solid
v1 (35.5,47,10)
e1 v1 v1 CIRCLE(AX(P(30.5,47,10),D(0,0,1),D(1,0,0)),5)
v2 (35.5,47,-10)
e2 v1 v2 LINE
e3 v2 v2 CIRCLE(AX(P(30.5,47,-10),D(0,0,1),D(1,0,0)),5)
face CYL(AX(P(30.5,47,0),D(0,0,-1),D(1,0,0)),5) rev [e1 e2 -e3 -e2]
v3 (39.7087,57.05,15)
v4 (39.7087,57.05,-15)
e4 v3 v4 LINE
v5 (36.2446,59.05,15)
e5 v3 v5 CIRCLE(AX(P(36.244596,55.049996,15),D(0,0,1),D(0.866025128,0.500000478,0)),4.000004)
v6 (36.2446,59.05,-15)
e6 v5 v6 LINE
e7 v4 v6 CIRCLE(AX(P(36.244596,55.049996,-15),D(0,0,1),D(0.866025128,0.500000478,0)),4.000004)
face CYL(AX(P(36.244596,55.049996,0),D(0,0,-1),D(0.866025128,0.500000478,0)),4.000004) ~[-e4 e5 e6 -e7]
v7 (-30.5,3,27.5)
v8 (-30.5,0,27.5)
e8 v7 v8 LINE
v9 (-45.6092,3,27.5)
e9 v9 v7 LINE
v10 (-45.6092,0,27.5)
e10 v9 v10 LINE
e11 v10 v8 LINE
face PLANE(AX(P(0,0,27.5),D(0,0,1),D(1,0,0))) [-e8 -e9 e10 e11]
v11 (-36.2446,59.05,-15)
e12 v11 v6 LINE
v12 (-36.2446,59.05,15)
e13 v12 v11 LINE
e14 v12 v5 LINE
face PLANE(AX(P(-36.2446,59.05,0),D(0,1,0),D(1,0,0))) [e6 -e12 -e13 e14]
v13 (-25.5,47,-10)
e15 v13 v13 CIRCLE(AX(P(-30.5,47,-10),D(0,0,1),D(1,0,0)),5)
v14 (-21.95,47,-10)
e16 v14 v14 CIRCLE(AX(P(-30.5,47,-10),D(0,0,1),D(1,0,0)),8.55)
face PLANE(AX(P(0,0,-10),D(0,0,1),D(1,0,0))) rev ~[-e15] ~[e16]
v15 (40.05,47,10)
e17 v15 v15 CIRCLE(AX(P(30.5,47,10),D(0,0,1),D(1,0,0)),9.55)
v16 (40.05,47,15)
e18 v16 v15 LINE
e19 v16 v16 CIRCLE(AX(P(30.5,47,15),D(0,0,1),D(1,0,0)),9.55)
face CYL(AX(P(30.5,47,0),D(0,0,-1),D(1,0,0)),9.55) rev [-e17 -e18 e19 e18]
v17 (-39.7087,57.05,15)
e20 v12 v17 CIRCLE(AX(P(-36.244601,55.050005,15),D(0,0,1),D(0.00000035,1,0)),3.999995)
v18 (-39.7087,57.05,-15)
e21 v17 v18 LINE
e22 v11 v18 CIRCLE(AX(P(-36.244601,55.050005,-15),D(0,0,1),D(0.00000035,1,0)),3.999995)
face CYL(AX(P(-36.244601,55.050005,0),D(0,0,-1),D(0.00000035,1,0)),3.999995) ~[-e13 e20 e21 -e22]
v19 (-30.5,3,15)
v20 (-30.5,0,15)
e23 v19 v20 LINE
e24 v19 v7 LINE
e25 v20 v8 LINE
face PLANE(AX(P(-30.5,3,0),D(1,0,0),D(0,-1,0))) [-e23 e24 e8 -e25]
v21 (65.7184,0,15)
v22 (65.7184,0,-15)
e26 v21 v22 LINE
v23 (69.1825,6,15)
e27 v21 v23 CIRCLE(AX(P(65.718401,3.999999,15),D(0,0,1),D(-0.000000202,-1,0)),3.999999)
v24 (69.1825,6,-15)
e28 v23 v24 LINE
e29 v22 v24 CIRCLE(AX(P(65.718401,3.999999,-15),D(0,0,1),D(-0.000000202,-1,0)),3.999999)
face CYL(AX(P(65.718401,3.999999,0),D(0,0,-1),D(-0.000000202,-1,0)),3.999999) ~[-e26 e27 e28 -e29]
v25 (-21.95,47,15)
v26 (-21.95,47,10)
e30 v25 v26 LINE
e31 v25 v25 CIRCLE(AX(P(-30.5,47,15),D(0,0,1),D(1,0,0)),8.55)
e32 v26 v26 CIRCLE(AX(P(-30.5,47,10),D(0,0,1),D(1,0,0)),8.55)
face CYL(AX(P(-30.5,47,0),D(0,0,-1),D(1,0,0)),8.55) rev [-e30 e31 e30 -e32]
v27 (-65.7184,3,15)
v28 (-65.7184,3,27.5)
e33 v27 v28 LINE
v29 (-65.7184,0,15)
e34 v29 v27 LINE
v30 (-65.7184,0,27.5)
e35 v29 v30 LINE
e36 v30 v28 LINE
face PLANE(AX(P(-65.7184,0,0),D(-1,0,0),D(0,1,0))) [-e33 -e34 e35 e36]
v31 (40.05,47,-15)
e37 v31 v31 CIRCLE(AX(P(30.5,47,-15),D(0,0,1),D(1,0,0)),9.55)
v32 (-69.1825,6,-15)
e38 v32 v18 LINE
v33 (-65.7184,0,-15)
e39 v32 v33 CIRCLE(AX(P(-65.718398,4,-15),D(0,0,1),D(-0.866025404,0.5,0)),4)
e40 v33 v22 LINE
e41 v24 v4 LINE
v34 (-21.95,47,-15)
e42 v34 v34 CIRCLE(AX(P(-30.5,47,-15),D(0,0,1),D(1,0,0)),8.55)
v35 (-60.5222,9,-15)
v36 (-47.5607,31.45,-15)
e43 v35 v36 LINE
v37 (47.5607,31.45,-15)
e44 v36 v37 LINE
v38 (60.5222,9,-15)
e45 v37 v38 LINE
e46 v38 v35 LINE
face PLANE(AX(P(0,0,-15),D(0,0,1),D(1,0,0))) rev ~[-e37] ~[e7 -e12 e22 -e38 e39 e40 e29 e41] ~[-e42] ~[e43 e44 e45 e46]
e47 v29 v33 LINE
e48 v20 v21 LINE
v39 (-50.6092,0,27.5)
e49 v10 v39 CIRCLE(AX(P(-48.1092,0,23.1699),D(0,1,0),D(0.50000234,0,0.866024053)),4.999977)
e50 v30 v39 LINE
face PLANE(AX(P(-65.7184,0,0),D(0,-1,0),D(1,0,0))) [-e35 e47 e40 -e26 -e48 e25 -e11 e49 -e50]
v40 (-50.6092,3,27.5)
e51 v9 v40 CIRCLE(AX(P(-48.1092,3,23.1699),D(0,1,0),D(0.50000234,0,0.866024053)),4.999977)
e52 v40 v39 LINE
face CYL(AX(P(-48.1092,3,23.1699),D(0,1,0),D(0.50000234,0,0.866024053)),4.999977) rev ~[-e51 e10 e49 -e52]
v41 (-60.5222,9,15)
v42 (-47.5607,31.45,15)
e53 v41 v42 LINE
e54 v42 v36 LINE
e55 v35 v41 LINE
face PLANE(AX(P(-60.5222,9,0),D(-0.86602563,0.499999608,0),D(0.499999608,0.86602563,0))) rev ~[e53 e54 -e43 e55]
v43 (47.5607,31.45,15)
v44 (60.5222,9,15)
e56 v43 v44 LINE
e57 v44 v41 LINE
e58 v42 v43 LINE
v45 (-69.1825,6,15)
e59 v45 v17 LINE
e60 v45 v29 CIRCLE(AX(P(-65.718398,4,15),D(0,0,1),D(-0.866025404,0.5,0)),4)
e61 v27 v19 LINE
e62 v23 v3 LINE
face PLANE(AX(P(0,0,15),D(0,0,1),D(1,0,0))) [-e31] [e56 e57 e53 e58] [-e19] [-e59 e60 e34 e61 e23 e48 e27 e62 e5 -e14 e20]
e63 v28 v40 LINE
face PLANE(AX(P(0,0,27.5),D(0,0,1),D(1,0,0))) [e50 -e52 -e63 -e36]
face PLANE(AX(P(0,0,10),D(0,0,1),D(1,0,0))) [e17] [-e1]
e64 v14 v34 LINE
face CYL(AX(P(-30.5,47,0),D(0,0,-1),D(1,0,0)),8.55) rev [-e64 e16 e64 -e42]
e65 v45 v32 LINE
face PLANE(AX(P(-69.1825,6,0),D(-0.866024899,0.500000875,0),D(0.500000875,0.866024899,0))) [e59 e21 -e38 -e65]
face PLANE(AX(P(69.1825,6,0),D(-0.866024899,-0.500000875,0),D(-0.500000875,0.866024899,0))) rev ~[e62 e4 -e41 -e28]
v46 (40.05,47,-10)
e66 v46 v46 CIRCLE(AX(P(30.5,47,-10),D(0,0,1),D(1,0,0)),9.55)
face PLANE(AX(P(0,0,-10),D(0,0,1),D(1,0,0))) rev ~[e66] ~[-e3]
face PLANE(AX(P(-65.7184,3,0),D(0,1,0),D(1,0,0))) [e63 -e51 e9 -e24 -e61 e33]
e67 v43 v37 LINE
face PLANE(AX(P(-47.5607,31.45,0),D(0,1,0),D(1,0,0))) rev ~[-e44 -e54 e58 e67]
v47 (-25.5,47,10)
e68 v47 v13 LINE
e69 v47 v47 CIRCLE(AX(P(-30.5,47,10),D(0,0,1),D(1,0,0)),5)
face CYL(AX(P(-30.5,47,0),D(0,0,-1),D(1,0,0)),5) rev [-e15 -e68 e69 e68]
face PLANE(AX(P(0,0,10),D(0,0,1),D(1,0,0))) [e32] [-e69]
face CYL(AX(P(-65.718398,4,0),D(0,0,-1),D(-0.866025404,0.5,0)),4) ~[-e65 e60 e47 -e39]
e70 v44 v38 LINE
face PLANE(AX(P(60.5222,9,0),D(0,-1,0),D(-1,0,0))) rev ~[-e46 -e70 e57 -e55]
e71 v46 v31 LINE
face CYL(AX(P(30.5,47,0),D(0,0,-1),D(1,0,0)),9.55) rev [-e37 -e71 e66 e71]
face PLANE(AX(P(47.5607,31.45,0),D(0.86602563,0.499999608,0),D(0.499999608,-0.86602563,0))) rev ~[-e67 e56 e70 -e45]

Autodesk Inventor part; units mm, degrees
ref_plane "YZ Plane" through (0, 0, 0) normal (1, 0, 0) x (0, 1, 0)
ref_plane "XZ Plane" through (0, 0, 0) normal (0, 1, 0) x (-1, 0, 0)
ref_plane "XY Plane" through (0, 0, 0) normal (0, 0, 1) x (1, 0, 0)
sketch "Sketch1" plane through (0, 0, 0) normal (0, 0, 1) x (1, 0, 0)
  line L0 (-65.7184, 0) -> (65.7184, 0)
  line L1 (-36.2446, 59.05) -> (36.2446, 59.05)
  circle A0 centre (-30.5, 47) radius 8.55
  line L2 (0, 59.05) -> (0, 0) construction
  circle A1 centre (-30.5, 47) radius 5
  circle A2 centre (30.5, 47) radius 5
  arc A3 (-69.1825, 6) -> (-65.7184, 0) centre (-65.7184, 4) ccw
  arc A4 (-36.2446, 59.05) -> (-39.7087, 57.05) centre (-36.2446, 55.05) ccw
  line L3 (-69.1825, 6) -> (-39.7087, 57.05)
  arc A5 (65.7184, 0) -> (69.1825, 6) centre (65.7184, 4) ccw
  arc A6 (39.7087, 57.05) -> (36.2446, 59.05) centre (36.2446, 55.05) ccw
  line L4 (69.1825, 6) -> (39.7087, 57.05)
  line L5 (-65.7184, 3) -> (-30.5, 3)
  line L6 (-30.5, 3) -> (-30.5, 0)
  line L7 (-30.5, 0) -> (-65.7184, 0)
  line L8 (-65.7184, 0) -> (-65.7184, 3)
  line L9 (-30.5, 38.45) -> (0, 38.45) construction
  line L10 (-30.5, 3) -> (0, 3) construction
  line L11 (0, 38.45) -> (0, 3) construction
  line L12 (-60.5222, 9) -> (-47.5607, 31.45)
  line L13 (-47.5607, 31.45) -> (47.5607, 31.45)
  line L14 (47.5607, 31.45) -> (60.5222, 9)
  line L15 (60.5222, 9) -> (-60.5222, 9)
  circle A7 centre (30.5, 47) radius 9.55
  point P0 (-65.7184, 1.5)
  point P1 (-48.1092, 0)
  point P2 (-65.7184, 0)
  point P3 (-30.5, 0)
  point P4 (-30.5, 1.5)
  point P5 (0, 20.725)
  point P6 (0, 20.725)
  point P7 (0, 20.725)
  dimension "d1" = 17.1
  dimension "d3" = 3.5
  dimension "d7" = 10
  dimension "d10" = 4
  dimension "d11" = 13
  dimension "d12" = 60
  dimension "d17" = 3
  dimension "d22" = 44
  dimension "d40" = 6
  dimension "d41" = 6
  dimension "d43" = 6
  dimension "d44" = 19.1
  dimension "d45" = 61
  dimension "d46" = 6
extrude "Extrusion1" add sketch "Sketch1" along normal mid plane 30 contours A3 L3 A4 L1 A6 L4 A5 L0 L6 L5 L8
extrude "Extrusion2" add sketch "Sketch1" along normal mid plane 20 contours A0 | A7
extrude "Extrusion3" add sketch "Sketch1" along normal blind 27.5 contours L8 L5 L6 L0
sketch "Sketch2" plane through (-65.7184, 3, 15) normal (0, 1, 0) x (1, 0, 0)
  line L0 (0, -12.5) -> (35.2184, -12.5) projected
  arc A0 (20.1092, -12.5) -> (15.1092, -12.5) centre (17.6092, -8.1699) ccw
  line L1 (35.2184, 0) -> (131.4367, 0) construction
  line L2 (35.2184, 0) -> (35.2184, -12.5) construction
  point P0 (65.7184, 15)
  point P1 (17.6092, -12.5)
  point P2 (17.6092, -3.1699)
  dimension "d21" = 5
  dimension "d25" = 5
extrude "Extrusion4" cut sketch "Sketch2" against normal through all
extrude "Extrusion6" add sketch "Sketch1" against normal blind 15 contours L8 L5 L6 L0
properties part number "EngineMount - Big hole"
